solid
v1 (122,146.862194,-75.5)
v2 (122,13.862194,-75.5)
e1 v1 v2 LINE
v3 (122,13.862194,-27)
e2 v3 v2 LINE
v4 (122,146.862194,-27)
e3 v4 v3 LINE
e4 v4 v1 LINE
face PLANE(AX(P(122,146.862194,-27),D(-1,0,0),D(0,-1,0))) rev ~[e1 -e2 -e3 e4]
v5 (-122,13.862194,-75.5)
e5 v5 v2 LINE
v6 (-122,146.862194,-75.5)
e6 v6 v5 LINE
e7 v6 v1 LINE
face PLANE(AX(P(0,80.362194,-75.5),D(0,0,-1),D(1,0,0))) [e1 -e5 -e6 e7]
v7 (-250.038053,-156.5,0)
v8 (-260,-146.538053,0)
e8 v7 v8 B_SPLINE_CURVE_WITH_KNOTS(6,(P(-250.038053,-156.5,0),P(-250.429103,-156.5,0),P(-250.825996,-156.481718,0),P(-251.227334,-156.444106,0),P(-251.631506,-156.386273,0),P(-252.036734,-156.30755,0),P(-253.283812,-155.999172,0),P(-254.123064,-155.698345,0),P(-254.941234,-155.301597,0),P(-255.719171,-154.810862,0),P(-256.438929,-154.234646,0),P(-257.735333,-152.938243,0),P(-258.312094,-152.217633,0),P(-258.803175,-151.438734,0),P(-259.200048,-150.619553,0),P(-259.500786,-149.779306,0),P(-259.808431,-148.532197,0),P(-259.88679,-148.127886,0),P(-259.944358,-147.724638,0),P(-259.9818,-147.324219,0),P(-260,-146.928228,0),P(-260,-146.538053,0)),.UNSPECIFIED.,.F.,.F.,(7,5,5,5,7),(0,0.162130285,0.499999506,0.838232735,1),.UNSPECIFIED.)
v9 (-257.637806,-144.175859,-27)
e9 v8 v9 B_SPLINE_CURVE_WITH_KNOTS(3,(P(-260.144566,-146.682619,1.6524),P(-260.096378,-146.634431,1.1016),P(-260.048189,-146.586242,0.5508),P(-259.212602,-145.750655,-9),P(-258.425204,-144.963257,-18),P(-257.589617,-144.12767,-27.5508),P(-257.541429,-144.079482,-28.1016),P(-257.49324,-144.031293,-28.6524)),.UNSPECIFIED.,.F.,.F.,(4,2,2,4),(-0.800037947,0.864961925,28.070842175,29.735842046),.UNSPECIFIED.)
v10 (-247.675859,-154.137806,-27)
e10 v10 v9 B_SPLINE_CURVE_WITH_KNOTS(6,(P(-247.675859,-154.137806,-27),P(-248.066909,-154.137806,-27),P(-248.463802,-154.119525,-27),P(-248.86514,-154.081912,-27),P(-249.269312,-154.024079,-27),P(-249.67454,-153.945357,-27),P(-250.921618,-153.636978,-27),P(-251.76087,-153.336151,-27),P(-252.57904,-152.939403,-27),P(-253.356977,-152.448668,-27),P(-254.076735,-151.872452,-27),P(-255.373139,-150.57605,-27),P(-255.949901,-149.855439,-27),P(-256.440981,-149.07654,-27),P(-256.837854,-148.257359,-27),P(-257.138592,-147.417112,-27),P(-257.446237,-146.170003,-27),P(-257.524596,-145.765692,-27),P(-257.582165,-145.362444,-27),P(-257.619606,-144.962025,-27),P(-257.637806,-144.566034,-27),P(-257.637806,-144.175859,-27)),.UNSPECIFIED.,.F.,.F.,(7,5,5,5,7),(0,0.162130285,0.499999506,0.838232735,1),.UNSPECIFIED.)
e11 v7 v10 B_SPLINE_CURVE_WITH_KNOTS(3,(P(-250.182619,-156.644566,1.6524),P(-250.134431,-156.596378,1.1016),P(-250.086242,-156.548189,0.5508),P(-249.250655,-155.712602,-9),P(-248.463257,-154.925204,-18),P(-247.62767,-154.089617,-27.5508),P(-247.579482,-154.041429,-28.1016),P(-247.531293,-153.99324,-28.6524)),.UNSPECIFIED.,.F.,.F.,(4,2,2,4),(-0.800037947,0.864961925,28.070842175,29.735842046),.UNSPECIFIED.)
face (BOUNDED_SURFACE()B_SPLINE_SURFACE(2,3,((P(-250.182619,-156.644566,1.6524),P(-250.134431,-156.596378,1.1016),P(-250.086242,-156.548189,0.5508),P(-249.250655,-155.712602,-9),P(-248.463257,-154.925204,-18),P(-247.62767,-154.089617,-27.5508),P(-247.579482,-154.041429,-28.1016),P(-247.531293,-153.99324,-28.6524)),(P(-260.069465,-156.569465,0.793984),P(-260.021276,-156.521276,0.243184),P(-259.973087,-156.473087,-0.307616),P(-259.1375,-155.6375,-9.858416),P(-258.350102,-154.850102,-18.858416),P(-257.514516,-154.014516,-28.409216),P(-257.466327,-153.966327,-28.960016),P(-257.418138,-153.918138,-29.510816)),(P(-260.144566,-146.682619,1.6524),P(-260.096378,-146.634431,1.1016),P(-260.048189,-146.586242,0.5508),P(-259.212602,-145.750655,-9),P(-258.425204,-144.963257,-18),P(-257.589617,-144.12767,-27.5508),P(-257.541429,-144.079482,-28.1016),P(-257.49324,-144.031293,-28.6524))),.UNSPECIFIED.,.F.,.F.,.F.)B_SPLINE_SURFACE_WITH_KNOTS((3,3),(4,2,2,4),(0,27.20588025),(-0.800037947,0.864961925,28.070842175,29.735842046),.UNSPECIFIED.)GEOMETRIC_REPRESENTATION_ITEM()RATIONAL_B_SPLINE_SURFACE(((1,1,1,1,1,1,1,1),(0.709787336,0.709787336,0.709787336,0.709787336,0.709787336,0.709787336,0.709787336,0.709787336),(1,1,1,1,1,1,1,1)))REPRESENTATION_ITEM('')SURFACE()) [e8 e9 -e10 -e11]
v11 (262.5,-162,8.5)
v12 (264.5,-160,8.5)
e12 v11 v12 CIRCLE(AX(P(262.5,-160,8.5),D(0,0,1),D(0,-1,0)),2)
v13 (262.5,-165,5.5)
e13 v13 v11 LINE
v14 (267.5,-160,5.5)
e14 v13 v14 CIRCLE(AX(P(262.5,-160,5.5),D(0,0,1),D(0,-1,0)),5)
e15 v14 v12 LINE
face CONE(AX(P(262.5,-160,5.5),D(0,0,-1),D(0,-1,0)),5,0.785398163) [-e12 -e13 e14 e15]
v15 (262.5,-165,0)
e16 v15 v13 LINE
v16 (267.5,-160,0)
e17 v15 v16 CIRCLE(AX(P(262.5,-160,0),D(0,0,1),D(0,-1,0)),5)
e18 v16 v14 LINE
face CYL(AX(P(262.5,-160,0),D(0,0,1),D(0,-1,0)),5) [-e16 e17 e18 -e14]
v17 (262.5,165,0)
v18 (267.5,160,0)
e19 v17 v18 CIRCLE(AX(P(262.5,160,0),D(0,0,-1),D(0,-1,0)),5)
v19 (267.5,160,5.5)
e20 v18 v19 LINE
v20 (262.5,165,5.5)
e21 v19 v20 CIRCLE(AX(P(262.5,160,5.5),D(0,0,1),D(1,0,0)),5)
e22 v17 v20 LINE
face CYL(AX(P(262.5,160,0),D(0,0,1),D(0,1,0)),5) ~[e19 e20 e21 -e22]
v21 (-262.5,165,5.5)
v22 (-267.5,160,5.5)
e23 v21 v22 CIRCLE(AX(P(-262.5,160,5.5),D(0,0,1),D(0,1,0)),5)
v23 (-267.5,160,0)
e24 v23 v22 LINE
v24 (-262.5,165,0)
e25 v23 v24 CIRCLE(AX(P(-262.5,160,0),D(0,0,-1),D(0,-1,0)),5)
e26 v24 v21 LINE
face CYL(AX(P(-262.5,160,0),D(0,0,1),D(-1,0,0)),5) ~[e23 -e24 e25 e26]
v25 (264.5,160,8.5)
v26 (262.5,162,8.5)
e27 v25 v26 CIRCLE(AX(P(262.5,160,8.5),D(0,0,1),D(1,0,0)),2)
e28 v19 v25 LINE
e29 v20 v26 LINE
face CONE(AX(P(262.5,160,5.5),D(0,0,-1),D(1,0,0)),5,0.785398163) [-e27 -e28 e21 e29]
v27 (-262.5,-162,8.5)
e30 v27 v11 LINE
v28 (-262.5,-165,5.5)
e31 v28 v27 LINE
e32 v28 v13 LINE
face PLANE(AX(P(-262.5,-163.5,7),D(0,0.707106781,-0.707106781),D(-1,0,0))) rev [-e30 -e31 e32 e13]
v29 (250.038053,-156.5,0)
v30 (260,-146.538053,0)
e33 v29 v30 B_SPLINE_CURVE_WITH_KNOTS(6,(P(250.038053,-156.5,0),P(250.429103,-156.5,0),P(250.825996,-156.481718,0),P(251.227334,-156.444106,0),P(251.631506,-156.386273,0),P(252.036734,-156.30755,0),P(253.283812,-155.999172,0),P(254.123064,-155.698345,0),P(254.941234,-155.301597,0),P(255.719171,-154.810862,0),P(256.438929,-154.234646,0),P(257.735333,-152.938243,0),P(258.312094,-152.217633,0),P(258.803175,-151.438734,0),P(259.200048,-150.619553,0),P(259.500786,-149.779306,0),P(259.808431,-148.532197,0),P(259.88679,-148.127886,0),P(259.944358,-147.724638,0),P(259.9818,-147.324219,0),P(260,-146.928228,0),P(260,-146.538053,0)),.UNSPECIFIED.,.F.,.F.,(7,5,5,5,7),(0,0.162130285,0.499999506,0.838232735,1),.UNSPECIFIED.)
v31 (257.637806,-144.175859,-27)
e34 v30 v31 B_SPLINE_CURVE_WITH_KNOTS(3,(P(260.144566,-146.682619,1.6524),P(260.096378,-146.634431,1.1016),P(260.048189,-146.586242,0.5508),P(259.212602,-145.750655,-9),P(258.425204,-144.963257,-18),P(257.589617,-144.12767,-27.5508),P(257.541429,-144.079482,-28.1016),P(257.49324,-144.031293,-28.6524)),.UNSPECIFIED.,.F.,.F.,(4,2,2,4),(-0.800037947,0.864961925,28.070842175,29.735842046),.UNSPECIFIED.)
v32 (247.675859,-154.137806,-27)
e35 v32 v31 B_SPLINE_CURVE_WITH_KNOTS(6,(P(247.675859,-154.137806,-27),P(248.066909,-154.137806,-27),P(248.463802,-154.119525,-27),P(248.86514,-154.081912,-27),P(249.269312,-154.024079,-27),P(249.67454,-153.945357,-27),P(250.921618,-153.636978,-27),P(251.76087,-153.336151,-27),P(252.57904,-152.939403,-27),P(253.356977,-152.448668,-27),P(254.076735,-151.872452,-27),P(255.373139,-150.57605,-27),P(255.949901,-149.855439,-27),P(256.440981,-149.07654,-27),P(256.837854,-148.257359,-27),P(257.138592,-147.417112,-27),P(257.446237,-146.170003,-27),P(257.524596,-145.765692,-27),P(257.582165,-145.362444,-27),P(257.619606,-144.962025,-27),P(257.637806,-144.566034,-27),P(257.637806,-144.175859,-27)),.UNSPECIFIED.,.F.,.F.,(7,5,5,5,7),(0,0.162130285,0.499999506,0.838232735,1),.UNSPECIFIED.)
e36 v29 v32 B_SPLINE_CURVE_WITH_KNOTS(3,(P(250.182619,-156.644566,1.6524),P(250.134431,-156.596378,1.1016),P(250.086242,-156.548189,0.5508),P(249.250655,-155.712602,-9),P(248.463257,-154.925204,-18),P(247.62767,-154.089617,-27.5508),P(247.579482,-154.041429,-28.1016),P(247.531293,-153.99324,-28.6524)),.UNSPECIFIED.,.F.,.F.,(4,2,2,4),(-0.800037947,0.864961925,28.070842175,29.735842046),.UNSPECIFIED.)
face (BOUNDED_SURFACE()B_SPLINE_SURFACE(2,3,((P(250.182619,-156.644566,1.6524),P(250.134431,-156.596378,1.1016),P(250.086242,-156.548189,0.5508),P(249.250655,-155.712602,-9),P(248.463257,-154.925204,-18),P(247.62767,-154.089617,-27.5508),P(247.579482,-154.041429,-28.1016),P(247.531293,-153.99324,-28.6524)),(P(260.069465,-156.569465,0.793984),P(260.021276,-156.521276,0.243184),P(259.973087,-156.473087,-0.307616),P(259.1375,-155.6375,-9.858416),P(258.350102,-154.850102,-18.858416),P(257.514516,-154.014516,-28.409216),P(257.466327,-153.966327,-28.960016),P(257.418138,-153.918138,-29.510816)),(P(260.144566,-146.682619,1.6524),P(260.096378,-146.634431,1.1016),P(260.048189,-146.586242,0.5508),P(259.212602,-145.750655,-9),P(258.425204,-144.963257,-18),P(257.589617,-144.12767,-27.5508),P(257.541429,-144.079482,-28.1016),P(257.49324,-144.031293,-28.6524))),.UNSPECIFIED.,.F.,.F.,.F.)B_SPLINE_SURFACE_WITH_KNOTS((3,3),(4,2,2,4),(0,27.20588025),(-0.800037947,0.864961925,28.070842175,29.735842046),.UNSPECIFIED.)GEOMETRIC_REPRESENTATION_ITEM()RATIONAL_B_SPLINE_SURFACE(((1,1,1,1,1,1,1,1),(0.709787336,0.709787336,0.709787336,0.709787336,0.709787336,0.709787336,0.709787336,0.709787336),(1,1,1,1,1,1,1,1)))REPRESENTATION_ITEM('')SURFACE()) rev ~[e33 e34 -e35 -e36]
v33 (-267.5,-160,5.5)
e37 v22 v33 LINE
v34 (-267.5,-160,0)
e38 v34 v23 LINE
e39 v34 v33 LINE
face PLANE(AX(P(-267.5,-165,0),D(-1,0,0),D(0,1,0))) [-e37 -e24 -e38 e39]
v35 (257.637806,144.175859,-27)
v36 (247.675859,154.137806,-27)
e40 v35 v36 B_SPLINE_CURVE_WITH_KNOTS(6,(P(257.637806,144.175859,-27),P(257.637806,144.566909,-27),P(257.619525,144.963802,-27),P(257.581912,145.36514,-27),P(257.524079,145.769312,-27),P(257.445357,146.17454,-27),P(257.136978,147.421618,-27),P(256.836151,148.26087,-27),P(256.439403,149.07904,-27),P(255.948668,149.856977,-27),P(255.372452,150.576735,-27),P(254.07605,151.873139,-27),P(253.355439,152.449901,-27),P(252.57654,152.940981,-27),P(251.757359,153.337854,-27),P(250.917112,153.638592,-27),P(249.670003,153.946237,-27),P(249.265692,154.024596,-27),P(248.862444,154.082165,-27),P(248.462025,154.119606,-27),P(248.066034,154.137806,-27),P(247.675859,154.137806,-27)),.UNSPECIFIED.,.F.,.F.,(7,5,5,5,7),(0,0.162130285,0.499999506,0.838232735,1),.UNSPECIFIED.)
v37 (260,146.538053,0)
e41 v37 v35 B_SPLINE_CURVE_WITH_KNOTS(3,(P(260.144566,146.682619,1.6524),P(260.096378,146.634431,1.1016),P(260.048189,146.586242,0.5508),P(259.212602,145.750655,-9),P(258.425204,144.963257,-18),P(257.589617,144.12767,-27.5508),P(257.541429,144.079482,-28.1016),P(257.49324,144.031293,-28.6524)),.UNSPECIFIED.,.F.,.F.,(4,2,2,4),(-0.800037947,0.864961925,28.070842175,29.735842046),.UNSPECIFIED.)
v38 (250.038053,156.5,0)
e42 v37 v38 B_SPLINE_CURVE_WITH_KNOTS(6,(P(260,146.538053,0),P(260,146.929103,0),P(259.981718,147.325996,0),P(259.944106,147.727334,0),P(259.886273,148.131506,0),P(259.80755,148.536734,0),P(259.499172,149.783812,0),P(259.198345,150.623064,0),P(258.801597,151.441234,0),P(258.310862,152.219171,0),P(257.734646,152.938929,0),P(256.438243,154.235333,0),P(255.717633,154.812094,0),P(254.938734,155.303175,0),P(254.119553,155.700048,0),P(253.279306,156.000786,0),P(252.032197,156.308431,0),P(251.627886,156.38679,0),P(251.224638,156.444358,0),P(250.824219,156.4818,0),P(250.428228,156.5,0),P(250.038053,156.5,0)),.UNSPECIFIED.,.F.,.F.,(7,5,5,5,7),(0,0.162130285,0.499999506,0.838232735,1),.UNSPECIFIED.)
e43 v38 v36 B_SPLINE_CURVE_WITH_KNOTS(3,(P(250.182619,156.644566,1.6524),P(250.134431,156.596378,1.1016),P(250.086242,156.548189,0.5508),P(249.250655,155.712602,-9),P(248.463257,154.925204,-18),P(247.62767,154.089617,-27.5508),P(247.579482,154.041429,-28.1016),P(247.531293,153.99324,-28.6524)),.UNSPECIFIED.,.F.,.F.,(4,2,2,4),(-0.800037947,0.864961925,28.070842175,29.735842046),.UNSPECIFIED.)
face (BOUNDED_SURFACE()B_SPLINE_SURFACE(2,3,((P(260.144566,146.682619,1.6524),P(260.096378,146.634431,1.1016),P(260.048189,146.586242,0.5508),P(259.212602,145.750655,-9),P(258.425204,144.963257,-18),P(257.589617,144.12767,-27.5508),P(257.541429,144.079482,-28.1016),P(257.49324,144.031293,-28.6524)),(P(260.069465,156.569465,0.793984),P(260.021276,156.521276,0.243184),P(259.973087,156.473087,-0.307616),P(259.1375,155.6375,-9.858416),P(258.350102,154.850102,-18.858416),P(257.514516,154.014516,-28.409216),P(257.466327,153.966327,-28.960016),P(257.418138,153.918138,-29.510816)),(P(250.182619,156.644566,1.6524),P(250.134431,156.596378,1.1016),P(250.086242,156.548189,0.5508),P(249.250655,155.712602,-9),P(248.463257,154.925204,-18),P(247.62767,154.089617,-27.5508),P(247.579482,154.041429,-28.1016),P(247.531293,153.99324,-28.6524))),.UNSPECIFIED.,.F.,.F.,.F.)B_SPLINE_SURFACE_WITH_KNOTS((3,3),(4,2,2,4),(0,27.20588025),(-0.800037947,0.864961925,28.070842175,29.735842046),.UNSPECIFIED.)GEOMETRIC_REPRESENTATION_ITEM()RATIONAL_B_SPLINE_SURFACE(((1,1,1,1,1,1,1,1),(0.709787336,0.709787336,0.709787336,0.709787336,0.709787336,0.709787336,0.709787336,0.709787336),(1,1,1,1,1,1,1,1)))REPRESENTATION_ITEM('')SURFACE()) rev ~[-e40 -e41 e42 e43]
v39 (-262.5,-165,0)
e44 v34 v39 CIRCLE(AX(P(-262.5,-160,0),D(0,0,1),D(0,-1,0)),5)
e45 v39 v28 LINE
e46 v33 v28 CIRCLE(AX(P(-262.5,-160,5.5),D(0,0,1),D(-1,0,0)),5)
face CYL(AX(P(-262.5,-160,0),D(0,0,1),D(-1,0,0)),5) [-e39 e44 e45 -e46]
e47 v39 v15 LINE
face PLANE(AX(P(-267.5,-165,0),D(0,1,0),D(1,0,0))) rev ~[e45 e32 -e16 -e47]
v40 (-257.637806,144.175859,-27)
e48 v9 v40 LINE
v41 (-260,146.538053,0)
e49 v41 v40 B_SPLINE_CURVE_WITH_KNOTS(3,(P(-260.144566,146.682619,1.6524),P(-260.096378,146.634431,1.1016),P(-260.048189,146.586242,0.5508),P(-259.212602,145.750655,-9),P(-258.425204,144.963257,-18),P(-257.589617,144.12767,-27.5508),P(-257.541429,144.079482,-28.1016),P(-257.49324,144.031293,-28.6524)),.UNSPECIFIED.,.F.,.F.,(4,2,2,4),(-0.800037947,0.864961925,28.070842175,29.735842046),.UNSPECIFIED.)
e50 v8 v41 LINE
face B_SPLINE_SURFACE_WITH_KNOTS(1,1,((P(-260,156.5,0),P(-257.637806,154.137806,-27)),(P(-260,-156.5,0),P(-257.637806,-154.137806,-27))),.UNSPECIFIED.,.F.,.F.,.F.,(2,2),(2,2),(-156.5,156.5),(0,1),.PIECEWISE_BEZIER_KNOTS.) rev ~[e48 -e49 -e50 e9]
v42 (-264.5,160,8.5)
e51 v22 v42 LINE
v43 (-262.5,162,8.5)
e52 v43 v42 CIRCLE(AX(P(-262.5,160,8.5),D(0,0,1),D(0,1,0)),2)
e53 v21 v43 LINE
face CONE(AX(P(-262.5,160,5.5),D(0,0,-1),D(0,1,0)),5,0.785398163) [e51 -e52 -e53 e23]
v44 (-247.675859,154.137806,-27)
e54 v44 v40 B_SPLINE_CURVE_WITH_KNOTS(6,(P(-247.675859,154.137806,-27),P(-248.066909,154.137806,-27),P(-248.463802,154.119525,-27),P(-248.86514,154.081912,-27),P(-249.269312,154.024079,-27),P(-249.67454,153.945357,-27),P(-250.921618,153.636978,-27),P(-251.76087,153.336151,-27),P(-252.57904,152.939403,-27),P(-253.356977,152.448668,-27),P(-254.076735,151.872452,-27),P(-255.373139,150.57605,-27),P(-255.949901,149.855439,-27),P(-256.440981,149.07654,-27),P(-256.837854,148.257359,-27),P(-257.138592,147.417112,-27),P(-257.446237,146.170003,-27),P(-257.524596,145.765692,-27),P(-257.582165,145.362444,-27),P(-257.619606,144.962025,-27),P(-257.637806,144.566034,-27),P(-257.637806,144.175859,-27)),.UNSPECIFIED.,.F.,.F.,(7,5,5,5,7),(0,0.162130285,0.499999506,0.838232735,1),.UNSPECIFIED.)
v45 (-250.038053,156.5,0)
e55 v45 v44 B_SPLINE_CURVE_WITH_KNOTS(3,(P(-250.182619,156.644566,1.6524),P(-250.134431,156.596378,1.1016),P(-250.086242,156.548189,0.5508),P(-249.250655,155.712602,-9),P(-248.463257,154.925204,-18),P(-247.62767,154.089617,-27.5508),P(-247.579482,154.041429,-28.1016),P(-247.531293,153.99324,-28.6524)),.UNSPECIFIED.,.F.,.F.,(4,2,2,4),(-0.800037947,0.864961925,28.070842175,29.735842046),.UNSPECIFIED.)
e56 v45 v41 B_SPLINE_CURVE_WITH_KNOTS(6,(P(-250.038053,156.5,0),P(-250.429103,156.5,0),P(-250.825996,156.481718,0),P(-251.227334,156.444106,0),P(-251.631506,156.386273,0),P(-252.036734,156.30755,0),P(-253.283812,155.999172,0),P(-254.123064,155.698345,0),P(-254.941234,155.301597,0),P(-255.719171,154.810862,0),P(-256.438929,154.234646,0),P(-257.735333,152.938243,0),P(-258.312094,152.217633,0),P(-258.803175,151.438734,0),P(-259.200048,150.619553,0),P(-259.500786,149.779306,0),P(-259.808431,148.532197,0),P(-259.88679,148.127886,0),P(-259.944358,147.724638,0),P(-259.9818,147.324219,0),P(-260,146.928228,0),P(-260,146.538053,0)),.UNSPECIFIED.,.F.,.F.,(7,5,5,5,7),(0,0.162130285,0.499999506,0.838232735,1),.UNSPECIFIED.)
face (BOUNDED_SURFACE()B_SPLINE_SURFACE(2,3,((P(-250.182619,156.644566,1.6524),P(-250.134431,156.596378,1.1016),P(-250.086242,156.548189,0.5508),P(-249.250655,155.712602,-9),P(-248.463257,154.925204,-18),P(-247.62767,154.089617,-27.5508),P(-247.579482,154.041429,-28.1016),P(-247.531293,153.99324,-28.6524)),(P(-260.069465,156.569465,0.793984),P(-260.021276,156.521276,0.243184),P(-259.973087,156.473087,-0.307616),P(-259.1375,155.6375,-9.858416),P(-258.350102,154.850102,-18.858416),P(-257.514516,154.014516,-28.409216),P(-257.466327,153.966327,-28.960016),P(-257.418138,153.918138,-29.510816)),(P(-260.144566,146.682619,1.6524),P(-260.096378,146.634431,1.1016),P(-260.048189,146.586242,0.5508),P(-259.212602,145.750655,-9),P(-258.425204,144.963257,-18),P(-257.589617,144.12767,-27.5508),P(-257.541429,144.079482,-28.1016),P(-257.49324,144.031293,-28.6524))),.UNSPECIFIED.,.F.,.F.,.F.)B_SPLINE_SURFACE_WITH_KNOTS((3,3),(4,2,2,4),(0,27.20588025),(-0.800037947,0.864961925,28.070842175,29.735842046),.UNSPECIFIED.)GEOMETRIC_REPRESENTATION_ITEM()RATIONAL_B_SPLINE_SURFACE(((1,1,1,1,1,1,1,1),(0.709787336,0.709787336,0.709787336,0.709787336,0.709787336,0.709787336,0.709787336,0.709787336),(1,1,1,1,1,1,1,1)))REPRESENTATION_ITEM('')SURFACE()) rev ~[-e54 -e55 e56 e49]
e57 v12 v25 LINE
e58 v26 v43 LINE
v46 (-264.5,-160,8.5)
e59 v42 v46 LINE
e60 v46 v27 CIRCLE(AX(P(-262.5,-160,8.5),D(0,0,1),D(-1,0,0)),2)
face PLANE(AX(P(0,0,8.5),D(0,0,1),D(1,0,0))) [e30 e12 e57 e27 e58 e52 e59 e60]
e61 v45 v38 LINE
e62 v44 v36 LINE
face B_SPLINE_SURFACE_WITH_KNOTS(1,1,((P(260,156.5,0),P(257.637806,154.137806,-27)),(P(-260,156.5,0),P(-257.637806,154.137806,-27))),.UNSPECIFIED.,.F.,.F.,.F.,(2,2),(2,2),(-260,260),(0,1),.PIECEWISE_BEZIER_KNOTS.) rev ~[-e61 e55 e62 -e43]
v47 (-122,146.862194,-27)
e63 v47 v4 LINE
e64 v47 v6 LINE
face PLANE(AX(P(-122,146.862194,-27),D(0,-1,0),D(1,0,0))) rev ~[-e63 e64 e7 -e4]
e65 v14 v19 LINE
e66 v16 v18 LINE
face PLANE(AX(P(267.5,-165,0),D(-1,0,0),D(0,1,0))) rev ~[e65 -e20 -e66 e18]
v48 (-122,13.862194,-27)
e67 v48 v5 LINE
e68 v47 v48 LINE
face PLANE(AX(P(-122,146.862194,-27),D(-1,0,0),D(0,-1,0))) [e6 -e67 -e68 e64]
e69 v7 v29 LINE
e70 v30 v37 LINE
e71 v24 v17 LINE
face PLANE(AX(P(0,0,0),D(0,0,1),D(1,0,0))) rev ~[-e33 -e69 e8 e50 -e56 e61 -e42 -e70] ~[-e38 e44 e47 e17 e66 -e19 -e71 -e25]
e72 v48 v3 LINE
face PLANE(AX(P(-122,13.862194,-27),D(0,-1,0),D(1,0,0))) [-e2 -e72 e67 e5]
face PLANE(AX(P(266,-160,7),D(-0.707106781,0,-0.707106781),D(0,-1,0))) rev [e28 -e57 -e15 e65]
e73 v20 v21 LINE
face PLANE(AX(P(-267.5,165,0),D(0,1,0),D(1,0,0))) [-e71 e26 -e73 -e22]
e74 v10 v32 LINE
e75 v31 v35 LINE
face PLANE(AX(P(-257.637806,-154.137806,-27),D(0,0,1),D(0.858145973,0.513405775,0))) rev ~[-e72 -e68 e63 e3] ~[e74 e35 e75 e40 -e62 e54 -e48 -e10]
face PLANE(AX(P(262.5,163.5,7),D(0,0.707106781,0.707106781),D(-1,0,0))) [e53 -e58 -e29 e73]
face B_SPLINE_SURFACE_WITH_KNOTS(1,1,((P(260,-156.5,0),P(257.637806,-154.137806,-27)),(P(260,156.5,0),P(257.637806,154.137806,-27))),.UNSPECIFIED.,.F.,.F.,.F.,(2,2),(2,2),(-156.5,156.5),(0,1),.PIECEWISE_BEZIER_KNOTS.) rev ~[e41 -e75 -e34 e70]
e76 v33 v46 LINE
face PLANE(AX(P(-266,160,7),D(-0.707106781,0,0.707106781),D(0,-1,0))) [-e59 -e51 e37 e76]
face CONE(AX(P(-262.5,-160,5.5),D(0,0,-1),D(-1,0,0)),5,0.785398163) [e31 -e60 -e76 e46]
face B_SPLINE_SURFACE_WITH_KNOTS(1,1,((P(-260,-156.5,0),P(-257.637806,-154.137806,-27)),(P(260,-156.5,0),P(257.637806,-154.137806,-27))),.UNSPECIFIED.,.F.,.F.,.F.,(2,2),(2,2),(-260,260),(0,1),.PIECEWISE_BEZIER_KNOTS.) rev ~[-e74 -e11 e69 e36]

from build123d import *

# Parameters (mm, degrees)
F0_W     = 535
F0_H     = 330
F0_W_2   = 520
F0_H_2   = 313
F1_DEPTH = 8.5
F2_DEPTH = 27
F2_TAPER = 5
F3_W     = 244
F3_H     = 133
F4_DEPTH = 48.5
F5_R     = 5
F6_R     = 10
F7_SIZE  = 3


with BuildPart() as f1:
    # F0 (on Top) → F1 (new body)
    with BuildSketch(Plane.XY):
        Rectangle(F0_W, F0_H)
        Rectangle(F0_W_2, F0_H_2, mode=Mode.SUBTRACT)
        Rectangle(F0_W_2, F0_H_2)
    extrude(amount=F1_DEPTH)

    # F0 (on Top) → F2 (join)
    with BuildSketch(Plane.XY):
        Rectangle(F0_W_2, F0_H_2)
    extrude(amount=-F2_DEPTH, taper=F2_TAPER)

    # F3 (on face) → F4 (join)
    with BuildSketch(Plane(origin=(0, 0, -27), x_dir=(1, 0, 0), z_dir=(0, 0, -1))):
        with Locations((0, -80.3621939152)):
            Rectangle(F3_W, F3_H)
    extrude(amount=F4_DEPTH)

    # F5
    f5_edges = [f1.edges().sort_by_distance(p)[0] for p in [
        (267.5, 165, 4.25),
        (-267.5, 165, 4.25),
        (-267.5, -165, 4.25),
        (267.5, -165, 4.25),
    ]]
    fillet(f5_edges, radius=F5_R)

    # F6
    f6_edges = [f1.edges().sort_by_distance(p)[0] for p in [
        (258.818903, -155.318903, -13.5),
        (258.818903, 155.318903, -13.5),
        (-258.818903, 155.318903, -13.5),
        (-258.818903, -155.318903, -13.5),
    ]]
    fillet(f6_edges, radius=F6_R)

    # F7
    f7_edges = [f1.edges().sort_by_distance(p)[0] for p in [
        (0, -165, 8.5),
    ]]
    chamfer(f7_edges, length=F7_SIZE)


solid = f1.part
